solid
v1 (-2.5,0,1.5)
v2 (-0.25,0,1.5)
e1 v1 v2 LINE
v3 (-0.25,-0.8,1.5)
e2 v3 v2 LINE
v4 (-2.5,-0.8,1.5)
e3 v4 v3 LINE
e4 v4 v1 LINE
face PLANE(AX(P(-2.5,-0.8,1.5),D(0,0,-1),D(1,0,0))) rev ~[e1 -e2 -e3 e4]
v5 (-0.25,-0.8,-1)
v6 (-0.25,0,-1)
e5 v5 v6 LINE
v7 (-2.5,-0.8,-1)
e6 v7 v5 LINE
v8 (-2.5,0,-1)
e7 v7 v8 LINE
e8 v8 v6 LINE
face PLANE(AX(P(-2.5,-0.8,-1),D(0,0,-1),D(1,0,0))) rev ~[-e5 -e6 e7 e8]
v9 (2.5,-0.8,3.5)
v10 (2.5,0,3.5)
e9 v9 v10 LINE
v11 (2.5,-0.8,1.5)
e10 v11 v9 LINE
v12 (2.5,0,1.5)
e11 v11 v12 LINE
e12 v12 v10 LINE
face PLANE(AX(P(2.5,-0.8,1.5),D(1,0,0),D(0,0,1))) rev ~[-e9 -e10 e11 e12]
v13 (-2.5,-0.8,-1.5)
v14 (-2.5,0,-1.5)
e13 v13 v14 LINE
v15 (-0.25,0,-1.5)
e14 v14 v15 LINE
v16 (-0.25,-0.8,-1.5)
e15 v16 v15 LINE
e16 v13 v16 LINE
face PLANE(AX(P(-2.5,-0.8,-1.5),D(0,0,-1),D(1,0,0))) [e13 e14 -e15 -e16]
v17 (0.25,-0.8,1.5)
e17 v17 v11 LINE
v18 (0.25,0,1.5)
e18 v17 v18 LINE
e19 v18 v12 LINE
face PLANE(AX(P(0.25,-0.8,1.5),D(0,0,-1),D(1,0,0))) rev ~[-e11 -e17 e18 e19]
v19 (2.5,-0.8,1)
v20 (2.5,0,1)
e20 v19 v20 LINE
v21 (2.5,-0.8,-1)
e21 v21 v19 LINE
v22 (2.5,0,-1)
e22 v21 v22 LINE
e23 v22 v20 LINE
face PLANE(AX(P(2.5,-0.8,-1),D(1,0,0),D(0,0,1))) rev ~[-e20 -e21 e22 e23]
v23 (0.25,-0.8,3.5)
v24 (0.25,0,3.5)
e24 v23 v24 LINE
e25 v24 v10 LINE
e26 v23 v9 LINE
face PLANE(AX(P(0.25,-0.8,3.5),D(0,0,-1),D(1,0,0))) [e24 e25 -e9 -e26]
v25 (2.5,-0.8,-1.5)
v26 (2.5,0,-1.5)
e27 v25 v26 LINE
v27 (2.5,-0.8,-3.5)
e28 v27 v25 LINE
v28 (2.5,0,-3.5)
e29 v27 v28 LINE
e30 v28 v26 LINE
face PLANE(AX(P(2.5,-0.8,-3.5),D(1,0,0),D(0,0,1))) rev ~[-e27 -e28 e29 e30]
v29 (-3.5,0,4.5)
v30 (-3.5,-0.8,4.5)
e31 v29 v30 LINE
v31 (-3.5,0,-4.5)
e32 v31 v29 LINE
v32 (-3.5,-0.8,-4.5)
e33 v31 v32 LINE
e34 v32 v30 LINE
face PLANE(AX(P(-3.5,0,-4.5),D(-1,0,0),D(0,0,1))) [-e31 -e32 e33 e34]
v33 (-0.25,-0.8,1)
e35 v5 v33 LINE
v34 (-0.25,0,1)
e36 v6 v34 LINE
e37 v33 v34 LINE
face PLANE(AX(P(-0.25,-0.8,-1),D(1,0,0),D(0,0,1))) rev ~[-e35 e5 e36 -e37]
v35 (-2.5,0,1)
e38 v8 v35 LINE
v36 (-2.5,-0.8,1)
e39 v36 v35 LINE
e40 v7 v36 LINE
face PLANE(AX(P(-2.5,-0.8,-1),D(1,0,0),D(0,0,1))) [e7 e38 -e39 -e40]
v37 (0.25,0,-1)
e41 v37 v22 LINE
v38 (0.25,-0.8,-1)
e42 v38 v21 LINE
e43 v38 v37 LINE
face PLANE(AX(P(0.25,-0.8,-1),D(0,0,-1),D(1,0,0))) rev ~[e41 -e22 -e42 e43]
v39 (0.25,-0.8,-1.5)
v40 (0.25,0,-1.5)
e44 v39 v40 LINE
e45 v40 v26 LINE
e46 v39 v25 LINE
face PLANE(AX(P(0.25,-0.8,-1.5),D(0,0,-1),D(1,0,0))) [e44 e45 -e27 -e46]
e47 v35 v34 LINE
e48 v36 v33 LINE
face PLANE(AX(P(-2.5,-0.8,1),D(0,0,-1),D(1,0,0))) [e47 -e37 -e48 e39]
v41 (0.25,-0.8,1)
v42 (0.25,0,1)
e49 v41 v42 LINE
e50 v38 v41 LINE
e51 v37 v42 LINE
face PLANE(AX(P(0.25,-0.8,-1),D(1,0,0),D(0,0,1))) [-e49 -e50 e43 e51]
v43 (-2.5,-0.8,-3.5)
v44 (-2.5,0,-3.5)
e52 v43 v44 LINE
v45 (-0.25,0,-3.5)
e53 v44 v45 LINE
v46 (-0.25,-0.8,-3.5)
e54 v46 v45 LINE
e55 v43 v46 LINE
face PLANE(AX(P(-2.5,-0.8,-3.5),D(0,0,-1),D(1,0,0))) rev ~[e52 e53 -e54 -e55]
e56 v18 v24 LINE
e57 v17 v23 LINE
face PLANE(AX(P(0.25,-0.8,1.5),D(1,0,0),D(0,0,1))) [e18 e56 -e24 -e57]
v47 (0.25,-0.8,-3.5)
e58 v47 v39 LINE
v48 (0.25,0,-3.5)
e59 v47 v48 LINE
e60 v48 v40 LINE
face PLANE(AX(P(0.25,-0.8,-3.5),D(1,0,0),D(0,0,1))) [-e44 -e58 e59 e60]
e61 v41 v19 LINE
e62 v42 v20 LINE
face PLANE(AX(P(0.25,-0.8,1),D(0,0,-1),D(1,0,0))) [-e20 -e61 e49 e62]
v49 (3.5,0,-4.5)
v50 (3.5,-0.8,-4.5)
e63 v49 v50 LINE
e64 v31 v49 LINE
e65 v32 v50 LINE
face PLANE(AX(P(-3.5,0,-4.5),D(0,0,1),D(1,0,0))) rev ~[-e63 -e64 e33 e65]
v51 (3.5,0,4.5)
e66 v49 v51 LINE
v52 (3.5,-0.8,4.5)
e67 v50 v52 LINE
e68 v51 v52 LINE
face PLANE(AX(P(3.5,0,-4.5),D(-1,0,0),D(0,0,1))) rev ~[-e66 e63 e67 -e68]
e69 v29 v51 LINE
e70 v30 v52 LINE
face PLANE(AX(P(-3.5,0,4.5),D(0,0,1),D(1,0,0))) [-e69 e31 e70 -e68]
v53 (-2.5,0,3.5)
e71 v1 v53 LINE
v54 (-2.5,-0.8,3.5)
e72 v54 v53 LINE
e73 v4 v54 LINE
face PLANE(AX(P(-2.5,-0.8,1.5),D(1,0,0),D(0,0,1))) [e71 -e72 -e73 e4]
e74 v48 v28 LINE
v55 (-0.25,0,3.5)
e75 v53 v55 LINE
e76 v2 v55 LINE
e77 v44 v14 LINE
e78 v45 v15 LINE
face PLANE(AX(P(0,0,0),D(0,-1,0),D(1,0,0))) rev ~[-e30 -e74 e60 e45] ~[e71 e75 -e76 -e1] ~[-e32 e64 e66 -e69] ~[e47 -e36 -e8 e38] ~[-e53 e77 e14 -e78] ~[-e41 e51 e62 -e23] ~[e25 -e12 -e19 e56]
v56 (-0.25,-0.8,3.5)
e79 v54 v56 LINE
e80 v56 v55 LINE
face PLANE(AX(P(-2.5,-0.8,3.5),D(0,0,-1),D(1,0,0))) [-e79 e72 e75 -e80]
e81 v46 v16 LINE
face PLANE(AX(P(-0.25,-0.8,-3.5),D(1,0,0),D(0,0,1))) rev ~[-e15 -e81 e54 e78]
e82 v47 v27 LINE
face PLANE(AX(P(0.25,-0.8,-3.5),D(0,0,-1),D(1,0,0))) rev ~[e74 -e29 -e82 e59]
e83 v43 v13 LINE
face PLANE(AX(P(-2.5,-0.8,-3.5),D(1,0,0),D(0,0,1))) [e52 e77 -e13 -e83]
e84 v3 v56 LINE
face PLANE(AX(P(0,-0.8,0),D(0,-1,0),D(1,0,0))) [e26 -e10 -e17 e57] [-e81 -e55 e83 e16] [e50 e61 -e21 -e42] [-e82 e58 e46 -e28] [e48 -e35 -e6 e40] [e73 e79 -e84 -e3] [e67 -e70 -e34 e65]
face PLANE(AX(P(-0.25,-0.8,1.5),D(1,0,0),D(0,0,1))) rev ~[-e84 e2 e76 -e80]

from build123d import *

# Parameters (mm, degrees)
SKETCH_W     = 7
SKETCH_H     = 9
PAD_DEPTH    = 0.8
SKETCH001_W  = 2.25
SKETCH001_H  = 2
POCKET_DEPTH = 5


with BuildPart() as part:
    # Sketch → Pad (new body)
    with BuildSketch(Plane.XZ):
        Rectangle(SKETCH_W, SKETCH_H)
    extrude(amount=PAD_DEPTH)

    # Sketch001 (on Face6 of Pad) → Pocket (cut)
    with BuildSketch(Plane.XZ.offset(0.8)):
        with Locations((-1.375, 2.5)):
            Rectangle(SKETCH001_W, SKETCH001_H)
        with Locations((-1.375, 0)):
            Rectangle(SKETCH001_W, SKETCH001_H)
        with Locations((-1.375, -2.5)):
            Rectangle(SKETCH001_W, SKETCH001_H)
        with Locations((1.375, 2.5)):
            Rectangle(SKETCH001_W, SKETCH001_H)
        with Locations((1.375, 0)):
            Rectangle(SKETCH001_W, SKETCH001_H)
        with Locations((1.375, -2.5)):
            Rectangle(SKETCH001_W, SKETCH001_H)
    extrude(amount=-POCKET_DEPTH, mode=Mode.SUBTRACT)


solid = part.part
